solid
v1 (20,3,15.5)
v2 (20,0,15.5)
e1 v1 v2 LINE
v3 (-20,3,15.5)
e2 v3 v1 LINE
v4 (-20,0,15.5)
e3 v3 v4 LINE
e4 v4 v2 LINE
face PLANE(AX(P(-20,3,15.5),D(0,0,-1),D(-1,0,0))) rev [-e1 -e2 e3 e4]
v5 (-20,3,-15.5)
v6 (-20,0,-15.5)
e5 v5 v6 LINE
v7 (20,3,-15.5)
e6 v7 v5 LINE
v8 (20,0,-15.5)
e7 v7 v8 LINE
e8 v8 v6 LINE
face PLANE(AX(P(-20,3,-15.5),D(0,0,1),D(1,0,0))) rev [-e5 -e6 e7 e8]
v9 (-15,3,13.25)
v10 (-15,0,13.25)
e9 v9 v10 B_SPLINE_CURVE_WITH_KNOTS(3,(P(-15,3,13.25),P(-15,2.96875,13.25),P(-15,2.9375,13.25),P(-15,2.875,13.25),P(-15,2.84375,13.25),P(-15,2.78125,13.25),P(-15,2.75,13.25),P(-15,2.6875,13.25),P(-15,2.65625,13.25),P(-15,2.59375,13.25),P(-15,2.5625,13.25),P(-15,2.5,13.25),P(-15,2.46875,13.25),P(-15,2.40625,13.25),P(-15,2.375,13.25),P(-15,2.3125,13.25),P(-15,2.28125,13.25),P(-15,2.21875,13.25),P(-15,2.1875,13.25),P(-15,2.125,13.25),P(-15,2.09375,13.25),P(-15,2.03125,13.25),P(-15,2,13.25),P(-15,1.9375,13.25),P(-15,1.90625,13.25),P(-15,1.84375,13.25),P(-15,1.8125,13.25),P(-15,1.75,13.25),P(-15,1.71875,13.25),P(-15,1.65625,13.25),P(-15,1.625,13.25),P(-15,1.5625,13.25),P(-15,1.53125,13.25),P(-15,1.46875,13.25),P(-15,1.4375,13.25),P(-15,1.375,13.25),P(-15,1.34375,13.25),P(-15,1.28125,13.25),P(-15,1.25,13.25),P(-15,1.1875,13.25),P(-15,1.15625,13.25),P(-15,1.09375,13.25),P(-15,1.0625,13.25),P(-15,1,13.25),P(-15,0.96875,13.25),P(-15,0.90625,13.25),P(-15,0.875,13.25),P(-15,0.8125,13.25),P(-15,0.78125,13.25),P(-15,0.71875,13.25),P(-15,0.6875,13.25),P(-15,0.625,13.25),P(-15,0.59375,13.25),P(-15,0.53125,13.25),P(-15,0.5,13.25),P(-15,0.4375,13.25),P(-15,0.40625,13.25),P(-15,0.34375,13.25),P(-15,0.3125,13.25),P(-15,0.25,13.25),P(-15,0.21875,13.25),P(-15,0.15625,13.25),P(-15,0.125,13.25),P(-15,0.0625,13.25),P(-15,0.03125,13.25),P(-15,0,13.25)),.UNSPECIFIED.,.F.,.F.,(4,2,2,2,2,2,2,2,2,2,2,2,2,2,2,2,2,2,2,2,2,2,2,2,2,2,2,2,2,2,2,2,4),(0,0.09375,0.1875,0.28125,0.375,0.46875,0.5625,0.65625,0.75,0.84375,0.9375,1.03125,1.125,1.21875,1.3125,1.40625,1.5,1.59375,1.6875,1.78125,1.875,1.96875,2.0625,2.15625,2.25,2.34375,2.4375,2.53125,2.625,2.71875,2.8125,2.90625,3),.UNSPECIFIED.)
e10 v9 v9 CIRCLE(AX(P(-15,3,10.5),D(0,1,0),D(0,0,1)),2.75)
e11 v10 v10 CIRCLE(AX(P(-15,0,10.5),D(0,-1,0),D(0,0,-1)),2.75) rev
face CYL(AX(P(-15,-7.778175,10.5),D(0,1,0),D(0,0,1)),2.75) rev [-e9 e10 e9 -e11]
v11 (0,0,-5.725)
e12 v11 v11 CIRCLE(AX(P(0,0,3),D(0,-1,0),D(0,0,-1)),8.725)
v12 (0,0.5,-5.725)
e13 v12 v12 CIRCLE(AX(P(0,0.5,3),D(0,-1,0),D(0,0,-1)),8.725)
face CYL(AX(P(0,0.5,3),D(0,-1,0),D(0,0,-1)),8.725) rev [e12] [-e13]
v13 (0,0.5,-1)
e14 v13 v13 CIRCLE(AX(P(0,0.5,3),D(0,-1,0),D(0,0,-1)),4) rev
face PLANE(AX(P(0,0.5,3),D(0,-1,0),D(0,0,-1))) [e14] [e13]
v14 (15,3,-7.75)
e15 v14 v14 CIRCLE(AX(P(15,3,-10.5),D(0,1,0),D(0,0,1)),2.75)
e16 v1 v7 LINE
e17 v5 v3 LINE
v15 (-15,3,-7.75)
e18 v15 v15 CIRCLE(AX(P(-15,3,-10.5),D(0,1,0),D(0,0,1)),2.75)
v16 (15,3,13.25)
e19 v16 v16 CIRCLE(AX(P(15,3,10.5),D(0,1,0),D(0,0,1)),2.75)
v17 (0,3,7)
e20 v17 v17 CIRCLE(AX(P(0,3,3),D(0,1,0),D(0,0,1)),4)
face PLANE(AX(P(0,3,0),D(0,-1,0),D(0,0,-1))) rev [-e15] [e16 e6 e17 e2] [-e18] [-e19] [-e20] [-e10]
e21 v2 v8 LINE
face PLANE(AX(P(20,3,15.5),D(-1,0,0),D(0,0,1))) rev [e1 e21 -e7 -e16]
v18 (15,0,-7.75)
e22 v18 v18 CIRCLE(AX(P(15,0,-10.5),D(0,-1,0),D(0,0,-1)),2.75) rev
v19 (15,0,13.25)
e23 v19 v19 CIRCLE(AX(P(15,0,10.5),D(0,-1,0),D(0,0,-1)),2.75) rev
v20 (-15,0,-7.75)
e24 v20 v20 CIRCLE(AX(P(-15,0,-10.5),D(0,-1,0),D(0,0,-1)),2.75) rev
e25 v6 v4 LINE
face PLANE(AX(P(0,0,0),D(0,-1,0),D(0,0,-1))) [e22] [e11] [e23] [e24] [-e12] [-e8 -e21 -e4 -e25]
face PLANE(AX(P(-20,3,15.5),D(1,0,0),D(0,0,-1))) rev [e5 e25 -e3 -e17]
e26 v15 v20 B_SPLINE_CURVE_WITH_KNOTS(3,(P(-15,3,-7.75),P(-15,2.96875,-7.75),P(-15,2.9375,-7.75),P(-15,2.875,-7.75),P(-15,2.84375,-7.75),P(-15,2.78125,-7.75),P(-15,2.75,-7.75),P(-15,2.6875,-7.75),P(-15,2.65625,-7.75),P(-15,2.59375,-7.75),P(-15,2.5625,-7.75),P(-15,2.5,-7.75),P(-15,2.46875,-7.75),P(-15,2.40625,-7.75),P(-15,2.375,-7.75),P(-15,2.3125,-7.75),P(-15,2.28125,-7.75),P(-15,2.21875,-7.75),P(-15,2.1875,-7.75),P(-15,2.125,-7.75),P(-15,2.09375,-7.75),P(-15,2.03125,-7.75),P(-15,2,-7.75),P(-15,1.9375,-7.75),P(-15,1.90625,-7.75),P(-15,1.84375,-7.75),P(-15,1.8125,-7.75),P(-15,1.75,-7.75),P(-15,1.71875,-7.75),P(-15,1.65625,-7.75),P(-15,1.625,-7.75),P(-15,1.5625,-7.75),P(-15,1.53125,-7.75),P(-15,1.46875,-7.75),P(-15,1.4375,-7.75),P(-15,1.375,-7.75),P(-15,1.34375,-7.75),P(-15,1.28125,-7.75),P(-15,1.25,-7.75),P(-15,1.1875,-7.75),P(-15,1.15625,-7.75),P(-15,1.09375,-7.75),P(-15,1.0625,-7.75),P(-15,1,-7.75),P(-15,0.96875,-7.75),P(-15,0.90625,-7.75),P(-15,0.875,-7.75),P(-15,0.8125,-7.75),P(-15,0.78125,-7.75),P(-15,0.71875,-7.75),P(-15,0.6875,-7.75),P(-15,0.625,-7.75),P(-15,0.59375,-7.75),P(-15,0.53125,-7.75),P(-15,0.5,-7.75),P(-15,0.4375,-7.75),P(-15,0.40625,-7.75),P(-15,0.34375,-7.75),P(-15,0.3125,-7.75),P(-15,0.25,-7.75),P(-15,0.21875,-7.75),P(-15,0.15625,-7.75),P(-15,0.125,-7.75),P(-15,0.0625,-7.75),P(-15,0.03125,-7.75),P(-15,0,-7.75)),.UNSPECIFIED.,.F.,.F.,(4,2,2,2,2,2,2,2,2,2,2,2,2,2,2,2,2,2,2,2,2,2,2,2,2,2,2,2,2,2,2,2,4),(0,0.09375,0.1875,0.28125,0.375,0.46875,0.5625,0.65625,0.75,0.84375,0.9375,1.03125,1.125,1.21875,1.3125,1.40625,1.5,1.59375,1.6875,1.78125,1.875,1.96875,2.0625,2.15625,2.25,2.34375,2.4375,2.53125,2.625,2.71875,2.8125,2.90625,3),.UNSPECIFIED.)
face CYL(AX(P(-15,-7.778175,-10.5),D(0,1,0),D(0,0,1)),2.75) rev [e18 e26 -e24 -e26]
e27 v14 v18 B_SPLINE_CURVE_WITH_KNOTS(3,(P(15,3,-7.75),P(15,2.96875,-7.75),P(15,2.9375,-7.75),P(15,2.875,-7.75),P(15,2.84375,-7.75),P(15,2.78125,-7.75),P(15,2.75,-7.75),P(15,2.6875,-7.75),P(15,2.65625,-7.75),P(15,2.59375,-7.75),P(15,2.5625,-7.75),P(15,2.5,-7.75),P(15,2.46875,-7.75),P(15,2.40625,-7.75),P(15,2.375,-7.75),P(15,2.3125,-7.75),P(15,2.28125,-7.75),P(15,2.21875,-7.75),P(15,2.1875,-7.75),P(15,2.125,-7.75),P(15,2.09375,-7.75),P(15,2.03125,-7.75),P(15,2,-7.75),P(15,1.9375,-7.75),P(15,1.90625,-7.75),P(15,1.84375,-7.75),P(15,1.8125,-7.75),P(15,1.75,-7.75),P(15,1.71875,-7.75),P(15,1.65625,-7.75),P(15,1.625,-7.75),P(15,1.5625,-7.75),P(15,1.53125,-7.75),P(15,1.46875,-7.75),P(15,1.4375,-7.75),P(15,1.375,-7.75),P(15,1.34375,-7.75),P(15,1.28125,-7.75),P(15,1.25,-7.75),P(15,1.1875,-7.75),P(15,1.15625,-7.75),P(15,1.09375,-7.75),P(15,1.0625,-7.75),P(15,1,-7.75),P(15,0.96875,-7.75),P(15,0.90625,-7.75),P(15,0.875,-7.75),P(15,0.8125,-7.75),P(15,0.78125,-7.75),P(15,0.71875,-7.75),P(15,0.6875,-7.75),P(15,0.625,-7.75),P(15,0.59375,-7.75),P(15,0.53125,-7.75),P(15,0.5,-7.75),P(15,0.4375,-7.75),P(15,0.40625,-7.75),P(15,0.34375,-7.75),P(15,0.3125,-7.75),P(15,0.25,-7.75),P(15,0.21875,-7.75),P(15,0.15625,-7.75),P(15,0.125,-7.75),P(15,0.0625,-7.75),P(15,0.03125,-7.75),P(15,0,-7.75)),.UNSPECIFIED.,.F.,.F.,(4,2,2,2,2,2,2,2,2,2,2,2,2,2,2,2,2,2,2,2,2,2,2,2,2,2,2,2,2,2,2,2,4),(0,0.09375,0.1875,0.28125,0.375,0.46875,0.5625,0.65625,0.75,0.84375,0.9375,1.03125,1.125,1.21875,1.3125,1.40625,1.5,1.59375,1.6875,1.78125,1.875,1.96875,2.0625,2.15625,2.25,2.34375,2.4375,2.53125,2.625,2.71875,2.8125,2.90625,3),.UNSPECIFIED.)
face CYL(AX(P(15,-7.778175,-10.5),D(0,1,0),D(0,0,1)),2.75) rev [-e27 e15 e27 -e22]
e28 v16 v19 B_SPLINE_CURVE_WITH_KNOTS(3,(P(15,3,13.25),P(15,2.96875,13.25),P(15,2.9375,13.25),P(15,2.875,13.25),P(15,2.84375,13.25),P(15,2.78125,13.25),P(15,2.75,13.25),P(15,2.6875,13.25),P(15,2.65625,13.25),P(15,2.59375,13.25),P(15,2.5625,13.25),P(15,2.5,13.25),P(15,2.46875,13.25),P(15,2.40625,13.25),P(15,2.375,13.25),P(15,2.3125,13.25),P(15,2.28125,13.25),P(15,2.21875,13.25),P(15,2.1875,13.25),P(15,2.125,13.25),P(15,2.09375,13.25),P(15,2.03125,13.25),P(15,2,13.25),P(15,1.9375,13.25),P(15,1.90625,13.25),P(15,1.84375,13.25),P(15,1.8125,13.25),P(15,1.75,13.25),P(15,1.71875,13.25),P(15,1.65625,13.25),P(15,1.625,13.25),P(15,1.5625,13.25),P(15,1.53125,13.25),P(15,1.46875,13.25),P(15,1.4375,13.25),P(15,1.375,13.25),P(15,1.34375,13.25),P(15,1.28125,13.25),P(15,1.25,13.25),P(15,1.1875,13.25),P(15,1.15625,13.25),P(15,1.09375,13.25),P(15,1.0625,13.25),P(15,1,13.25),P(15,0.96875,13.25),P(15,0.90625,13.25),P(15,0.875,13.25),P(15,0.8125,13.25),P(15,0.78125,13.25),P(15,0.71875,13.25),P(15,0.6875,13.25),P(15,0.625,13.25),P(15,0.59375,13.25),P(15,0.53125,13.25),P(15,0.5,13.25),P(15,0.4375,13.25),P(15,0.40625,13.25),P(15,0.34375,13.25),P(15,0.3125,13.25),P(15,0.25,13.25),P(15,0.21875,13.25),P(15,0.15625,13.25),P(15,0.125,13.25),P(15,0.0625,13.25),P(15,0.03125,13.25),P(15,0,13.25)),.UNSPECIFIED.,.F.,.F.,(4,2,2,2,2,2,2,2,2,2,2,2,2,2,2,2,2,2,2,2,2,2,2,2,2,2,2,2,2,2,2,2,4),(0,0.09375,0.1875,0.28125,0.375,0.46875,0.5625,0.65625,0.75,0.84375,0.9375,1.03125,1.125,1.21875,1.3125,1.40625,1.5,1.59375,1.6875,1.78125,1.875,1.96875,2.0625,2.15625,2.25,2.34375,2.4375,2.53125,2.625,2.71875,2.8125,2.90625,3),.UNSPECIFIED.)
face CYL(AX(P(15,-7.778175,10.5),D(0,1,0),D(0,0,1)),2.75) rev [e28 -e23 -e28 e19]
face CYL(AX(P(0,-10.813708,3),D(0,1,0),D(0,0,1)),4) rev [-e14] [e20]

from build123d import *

# Parameters (mm, degrees)
SKETCH1_W           = 40
SKETCH1_H           = 31
BOSS_EXTRUDE1_DEPTH = 3
SKETCH2_R           = 2.75
CUT_EXTRUDE1_DEPTH  = 3
SKETCH3_R           = 8.725
CUT_EXTRUDE2_DEPTH  = 0.5
SKETCH4_R           = 4
CUT_EXTRUDE3_DEPTH  = 2.5


with BuildPart() as part:
    # Sketch1 → Boss-Extrude1 (new body)
    with BuildSketch(Plane(origin=(0, 0, 0), x_dir=(1, 0, 0), z_dir=(0, 1, 0))):
        Rectangle(SKETCH1_W, SKETCH1_H)
    extrude(amount=BOSS_EXTRUDE1_DEPTH)

    # Sketch2 → Cut-Extrude1 (cut)
    with BuildSketch(Plane(origin=(0, 3, 0), x_dir=(1, 0, 0), z_dir=(0, 1, 0))):
        with Locations(Location((-15, 10.5, 0), (0, 0, 270))):
            Circle(SKETCH2_R)
        with Locations(Location((15, 10.5, 0), (0, 0, 270))):
            Circle(SKETCH2_R)
        with Locations(Location((15, -10.5, 0), (0, 0, 270))):
            Circle(SKETCH2_R)
        with Locations(Location((-15, -10.5, 0), (0, 0, 270))):
            Circle(SKETCH2_R)
    extrude(amount=-CUT_EXTRUDE1_DEPTH, mode=Mode.SUBTRACT)

    # Sketch3 → Cut-Extrude2 (cut)
    with BuildSketch(Plane.XZ):
        with Locations(Location((0, 3, 0), (0, 0, 270))):
            Circle(SKETCH3_R)
    extrude(amount=-CUT_EXTRUDE2_DEPTH, mode=Mode.SUBTRACT)

    # Sketch4 → Cut-Extrude3 (cut)
    with BuildSketch(Plane(origin=(0, 3, 0), x_dir=(1, 0, 0), z_dir=(0, 1, 0))):
        with Locations(Location((0, -3, 0), (0, 0, 270))):
            Circle(SKETCH4_R)
    extrude(amount=-CUT_EXTRUDE3_DEPTH, mode=Mode.SUBTRACT)


solid = part.part
